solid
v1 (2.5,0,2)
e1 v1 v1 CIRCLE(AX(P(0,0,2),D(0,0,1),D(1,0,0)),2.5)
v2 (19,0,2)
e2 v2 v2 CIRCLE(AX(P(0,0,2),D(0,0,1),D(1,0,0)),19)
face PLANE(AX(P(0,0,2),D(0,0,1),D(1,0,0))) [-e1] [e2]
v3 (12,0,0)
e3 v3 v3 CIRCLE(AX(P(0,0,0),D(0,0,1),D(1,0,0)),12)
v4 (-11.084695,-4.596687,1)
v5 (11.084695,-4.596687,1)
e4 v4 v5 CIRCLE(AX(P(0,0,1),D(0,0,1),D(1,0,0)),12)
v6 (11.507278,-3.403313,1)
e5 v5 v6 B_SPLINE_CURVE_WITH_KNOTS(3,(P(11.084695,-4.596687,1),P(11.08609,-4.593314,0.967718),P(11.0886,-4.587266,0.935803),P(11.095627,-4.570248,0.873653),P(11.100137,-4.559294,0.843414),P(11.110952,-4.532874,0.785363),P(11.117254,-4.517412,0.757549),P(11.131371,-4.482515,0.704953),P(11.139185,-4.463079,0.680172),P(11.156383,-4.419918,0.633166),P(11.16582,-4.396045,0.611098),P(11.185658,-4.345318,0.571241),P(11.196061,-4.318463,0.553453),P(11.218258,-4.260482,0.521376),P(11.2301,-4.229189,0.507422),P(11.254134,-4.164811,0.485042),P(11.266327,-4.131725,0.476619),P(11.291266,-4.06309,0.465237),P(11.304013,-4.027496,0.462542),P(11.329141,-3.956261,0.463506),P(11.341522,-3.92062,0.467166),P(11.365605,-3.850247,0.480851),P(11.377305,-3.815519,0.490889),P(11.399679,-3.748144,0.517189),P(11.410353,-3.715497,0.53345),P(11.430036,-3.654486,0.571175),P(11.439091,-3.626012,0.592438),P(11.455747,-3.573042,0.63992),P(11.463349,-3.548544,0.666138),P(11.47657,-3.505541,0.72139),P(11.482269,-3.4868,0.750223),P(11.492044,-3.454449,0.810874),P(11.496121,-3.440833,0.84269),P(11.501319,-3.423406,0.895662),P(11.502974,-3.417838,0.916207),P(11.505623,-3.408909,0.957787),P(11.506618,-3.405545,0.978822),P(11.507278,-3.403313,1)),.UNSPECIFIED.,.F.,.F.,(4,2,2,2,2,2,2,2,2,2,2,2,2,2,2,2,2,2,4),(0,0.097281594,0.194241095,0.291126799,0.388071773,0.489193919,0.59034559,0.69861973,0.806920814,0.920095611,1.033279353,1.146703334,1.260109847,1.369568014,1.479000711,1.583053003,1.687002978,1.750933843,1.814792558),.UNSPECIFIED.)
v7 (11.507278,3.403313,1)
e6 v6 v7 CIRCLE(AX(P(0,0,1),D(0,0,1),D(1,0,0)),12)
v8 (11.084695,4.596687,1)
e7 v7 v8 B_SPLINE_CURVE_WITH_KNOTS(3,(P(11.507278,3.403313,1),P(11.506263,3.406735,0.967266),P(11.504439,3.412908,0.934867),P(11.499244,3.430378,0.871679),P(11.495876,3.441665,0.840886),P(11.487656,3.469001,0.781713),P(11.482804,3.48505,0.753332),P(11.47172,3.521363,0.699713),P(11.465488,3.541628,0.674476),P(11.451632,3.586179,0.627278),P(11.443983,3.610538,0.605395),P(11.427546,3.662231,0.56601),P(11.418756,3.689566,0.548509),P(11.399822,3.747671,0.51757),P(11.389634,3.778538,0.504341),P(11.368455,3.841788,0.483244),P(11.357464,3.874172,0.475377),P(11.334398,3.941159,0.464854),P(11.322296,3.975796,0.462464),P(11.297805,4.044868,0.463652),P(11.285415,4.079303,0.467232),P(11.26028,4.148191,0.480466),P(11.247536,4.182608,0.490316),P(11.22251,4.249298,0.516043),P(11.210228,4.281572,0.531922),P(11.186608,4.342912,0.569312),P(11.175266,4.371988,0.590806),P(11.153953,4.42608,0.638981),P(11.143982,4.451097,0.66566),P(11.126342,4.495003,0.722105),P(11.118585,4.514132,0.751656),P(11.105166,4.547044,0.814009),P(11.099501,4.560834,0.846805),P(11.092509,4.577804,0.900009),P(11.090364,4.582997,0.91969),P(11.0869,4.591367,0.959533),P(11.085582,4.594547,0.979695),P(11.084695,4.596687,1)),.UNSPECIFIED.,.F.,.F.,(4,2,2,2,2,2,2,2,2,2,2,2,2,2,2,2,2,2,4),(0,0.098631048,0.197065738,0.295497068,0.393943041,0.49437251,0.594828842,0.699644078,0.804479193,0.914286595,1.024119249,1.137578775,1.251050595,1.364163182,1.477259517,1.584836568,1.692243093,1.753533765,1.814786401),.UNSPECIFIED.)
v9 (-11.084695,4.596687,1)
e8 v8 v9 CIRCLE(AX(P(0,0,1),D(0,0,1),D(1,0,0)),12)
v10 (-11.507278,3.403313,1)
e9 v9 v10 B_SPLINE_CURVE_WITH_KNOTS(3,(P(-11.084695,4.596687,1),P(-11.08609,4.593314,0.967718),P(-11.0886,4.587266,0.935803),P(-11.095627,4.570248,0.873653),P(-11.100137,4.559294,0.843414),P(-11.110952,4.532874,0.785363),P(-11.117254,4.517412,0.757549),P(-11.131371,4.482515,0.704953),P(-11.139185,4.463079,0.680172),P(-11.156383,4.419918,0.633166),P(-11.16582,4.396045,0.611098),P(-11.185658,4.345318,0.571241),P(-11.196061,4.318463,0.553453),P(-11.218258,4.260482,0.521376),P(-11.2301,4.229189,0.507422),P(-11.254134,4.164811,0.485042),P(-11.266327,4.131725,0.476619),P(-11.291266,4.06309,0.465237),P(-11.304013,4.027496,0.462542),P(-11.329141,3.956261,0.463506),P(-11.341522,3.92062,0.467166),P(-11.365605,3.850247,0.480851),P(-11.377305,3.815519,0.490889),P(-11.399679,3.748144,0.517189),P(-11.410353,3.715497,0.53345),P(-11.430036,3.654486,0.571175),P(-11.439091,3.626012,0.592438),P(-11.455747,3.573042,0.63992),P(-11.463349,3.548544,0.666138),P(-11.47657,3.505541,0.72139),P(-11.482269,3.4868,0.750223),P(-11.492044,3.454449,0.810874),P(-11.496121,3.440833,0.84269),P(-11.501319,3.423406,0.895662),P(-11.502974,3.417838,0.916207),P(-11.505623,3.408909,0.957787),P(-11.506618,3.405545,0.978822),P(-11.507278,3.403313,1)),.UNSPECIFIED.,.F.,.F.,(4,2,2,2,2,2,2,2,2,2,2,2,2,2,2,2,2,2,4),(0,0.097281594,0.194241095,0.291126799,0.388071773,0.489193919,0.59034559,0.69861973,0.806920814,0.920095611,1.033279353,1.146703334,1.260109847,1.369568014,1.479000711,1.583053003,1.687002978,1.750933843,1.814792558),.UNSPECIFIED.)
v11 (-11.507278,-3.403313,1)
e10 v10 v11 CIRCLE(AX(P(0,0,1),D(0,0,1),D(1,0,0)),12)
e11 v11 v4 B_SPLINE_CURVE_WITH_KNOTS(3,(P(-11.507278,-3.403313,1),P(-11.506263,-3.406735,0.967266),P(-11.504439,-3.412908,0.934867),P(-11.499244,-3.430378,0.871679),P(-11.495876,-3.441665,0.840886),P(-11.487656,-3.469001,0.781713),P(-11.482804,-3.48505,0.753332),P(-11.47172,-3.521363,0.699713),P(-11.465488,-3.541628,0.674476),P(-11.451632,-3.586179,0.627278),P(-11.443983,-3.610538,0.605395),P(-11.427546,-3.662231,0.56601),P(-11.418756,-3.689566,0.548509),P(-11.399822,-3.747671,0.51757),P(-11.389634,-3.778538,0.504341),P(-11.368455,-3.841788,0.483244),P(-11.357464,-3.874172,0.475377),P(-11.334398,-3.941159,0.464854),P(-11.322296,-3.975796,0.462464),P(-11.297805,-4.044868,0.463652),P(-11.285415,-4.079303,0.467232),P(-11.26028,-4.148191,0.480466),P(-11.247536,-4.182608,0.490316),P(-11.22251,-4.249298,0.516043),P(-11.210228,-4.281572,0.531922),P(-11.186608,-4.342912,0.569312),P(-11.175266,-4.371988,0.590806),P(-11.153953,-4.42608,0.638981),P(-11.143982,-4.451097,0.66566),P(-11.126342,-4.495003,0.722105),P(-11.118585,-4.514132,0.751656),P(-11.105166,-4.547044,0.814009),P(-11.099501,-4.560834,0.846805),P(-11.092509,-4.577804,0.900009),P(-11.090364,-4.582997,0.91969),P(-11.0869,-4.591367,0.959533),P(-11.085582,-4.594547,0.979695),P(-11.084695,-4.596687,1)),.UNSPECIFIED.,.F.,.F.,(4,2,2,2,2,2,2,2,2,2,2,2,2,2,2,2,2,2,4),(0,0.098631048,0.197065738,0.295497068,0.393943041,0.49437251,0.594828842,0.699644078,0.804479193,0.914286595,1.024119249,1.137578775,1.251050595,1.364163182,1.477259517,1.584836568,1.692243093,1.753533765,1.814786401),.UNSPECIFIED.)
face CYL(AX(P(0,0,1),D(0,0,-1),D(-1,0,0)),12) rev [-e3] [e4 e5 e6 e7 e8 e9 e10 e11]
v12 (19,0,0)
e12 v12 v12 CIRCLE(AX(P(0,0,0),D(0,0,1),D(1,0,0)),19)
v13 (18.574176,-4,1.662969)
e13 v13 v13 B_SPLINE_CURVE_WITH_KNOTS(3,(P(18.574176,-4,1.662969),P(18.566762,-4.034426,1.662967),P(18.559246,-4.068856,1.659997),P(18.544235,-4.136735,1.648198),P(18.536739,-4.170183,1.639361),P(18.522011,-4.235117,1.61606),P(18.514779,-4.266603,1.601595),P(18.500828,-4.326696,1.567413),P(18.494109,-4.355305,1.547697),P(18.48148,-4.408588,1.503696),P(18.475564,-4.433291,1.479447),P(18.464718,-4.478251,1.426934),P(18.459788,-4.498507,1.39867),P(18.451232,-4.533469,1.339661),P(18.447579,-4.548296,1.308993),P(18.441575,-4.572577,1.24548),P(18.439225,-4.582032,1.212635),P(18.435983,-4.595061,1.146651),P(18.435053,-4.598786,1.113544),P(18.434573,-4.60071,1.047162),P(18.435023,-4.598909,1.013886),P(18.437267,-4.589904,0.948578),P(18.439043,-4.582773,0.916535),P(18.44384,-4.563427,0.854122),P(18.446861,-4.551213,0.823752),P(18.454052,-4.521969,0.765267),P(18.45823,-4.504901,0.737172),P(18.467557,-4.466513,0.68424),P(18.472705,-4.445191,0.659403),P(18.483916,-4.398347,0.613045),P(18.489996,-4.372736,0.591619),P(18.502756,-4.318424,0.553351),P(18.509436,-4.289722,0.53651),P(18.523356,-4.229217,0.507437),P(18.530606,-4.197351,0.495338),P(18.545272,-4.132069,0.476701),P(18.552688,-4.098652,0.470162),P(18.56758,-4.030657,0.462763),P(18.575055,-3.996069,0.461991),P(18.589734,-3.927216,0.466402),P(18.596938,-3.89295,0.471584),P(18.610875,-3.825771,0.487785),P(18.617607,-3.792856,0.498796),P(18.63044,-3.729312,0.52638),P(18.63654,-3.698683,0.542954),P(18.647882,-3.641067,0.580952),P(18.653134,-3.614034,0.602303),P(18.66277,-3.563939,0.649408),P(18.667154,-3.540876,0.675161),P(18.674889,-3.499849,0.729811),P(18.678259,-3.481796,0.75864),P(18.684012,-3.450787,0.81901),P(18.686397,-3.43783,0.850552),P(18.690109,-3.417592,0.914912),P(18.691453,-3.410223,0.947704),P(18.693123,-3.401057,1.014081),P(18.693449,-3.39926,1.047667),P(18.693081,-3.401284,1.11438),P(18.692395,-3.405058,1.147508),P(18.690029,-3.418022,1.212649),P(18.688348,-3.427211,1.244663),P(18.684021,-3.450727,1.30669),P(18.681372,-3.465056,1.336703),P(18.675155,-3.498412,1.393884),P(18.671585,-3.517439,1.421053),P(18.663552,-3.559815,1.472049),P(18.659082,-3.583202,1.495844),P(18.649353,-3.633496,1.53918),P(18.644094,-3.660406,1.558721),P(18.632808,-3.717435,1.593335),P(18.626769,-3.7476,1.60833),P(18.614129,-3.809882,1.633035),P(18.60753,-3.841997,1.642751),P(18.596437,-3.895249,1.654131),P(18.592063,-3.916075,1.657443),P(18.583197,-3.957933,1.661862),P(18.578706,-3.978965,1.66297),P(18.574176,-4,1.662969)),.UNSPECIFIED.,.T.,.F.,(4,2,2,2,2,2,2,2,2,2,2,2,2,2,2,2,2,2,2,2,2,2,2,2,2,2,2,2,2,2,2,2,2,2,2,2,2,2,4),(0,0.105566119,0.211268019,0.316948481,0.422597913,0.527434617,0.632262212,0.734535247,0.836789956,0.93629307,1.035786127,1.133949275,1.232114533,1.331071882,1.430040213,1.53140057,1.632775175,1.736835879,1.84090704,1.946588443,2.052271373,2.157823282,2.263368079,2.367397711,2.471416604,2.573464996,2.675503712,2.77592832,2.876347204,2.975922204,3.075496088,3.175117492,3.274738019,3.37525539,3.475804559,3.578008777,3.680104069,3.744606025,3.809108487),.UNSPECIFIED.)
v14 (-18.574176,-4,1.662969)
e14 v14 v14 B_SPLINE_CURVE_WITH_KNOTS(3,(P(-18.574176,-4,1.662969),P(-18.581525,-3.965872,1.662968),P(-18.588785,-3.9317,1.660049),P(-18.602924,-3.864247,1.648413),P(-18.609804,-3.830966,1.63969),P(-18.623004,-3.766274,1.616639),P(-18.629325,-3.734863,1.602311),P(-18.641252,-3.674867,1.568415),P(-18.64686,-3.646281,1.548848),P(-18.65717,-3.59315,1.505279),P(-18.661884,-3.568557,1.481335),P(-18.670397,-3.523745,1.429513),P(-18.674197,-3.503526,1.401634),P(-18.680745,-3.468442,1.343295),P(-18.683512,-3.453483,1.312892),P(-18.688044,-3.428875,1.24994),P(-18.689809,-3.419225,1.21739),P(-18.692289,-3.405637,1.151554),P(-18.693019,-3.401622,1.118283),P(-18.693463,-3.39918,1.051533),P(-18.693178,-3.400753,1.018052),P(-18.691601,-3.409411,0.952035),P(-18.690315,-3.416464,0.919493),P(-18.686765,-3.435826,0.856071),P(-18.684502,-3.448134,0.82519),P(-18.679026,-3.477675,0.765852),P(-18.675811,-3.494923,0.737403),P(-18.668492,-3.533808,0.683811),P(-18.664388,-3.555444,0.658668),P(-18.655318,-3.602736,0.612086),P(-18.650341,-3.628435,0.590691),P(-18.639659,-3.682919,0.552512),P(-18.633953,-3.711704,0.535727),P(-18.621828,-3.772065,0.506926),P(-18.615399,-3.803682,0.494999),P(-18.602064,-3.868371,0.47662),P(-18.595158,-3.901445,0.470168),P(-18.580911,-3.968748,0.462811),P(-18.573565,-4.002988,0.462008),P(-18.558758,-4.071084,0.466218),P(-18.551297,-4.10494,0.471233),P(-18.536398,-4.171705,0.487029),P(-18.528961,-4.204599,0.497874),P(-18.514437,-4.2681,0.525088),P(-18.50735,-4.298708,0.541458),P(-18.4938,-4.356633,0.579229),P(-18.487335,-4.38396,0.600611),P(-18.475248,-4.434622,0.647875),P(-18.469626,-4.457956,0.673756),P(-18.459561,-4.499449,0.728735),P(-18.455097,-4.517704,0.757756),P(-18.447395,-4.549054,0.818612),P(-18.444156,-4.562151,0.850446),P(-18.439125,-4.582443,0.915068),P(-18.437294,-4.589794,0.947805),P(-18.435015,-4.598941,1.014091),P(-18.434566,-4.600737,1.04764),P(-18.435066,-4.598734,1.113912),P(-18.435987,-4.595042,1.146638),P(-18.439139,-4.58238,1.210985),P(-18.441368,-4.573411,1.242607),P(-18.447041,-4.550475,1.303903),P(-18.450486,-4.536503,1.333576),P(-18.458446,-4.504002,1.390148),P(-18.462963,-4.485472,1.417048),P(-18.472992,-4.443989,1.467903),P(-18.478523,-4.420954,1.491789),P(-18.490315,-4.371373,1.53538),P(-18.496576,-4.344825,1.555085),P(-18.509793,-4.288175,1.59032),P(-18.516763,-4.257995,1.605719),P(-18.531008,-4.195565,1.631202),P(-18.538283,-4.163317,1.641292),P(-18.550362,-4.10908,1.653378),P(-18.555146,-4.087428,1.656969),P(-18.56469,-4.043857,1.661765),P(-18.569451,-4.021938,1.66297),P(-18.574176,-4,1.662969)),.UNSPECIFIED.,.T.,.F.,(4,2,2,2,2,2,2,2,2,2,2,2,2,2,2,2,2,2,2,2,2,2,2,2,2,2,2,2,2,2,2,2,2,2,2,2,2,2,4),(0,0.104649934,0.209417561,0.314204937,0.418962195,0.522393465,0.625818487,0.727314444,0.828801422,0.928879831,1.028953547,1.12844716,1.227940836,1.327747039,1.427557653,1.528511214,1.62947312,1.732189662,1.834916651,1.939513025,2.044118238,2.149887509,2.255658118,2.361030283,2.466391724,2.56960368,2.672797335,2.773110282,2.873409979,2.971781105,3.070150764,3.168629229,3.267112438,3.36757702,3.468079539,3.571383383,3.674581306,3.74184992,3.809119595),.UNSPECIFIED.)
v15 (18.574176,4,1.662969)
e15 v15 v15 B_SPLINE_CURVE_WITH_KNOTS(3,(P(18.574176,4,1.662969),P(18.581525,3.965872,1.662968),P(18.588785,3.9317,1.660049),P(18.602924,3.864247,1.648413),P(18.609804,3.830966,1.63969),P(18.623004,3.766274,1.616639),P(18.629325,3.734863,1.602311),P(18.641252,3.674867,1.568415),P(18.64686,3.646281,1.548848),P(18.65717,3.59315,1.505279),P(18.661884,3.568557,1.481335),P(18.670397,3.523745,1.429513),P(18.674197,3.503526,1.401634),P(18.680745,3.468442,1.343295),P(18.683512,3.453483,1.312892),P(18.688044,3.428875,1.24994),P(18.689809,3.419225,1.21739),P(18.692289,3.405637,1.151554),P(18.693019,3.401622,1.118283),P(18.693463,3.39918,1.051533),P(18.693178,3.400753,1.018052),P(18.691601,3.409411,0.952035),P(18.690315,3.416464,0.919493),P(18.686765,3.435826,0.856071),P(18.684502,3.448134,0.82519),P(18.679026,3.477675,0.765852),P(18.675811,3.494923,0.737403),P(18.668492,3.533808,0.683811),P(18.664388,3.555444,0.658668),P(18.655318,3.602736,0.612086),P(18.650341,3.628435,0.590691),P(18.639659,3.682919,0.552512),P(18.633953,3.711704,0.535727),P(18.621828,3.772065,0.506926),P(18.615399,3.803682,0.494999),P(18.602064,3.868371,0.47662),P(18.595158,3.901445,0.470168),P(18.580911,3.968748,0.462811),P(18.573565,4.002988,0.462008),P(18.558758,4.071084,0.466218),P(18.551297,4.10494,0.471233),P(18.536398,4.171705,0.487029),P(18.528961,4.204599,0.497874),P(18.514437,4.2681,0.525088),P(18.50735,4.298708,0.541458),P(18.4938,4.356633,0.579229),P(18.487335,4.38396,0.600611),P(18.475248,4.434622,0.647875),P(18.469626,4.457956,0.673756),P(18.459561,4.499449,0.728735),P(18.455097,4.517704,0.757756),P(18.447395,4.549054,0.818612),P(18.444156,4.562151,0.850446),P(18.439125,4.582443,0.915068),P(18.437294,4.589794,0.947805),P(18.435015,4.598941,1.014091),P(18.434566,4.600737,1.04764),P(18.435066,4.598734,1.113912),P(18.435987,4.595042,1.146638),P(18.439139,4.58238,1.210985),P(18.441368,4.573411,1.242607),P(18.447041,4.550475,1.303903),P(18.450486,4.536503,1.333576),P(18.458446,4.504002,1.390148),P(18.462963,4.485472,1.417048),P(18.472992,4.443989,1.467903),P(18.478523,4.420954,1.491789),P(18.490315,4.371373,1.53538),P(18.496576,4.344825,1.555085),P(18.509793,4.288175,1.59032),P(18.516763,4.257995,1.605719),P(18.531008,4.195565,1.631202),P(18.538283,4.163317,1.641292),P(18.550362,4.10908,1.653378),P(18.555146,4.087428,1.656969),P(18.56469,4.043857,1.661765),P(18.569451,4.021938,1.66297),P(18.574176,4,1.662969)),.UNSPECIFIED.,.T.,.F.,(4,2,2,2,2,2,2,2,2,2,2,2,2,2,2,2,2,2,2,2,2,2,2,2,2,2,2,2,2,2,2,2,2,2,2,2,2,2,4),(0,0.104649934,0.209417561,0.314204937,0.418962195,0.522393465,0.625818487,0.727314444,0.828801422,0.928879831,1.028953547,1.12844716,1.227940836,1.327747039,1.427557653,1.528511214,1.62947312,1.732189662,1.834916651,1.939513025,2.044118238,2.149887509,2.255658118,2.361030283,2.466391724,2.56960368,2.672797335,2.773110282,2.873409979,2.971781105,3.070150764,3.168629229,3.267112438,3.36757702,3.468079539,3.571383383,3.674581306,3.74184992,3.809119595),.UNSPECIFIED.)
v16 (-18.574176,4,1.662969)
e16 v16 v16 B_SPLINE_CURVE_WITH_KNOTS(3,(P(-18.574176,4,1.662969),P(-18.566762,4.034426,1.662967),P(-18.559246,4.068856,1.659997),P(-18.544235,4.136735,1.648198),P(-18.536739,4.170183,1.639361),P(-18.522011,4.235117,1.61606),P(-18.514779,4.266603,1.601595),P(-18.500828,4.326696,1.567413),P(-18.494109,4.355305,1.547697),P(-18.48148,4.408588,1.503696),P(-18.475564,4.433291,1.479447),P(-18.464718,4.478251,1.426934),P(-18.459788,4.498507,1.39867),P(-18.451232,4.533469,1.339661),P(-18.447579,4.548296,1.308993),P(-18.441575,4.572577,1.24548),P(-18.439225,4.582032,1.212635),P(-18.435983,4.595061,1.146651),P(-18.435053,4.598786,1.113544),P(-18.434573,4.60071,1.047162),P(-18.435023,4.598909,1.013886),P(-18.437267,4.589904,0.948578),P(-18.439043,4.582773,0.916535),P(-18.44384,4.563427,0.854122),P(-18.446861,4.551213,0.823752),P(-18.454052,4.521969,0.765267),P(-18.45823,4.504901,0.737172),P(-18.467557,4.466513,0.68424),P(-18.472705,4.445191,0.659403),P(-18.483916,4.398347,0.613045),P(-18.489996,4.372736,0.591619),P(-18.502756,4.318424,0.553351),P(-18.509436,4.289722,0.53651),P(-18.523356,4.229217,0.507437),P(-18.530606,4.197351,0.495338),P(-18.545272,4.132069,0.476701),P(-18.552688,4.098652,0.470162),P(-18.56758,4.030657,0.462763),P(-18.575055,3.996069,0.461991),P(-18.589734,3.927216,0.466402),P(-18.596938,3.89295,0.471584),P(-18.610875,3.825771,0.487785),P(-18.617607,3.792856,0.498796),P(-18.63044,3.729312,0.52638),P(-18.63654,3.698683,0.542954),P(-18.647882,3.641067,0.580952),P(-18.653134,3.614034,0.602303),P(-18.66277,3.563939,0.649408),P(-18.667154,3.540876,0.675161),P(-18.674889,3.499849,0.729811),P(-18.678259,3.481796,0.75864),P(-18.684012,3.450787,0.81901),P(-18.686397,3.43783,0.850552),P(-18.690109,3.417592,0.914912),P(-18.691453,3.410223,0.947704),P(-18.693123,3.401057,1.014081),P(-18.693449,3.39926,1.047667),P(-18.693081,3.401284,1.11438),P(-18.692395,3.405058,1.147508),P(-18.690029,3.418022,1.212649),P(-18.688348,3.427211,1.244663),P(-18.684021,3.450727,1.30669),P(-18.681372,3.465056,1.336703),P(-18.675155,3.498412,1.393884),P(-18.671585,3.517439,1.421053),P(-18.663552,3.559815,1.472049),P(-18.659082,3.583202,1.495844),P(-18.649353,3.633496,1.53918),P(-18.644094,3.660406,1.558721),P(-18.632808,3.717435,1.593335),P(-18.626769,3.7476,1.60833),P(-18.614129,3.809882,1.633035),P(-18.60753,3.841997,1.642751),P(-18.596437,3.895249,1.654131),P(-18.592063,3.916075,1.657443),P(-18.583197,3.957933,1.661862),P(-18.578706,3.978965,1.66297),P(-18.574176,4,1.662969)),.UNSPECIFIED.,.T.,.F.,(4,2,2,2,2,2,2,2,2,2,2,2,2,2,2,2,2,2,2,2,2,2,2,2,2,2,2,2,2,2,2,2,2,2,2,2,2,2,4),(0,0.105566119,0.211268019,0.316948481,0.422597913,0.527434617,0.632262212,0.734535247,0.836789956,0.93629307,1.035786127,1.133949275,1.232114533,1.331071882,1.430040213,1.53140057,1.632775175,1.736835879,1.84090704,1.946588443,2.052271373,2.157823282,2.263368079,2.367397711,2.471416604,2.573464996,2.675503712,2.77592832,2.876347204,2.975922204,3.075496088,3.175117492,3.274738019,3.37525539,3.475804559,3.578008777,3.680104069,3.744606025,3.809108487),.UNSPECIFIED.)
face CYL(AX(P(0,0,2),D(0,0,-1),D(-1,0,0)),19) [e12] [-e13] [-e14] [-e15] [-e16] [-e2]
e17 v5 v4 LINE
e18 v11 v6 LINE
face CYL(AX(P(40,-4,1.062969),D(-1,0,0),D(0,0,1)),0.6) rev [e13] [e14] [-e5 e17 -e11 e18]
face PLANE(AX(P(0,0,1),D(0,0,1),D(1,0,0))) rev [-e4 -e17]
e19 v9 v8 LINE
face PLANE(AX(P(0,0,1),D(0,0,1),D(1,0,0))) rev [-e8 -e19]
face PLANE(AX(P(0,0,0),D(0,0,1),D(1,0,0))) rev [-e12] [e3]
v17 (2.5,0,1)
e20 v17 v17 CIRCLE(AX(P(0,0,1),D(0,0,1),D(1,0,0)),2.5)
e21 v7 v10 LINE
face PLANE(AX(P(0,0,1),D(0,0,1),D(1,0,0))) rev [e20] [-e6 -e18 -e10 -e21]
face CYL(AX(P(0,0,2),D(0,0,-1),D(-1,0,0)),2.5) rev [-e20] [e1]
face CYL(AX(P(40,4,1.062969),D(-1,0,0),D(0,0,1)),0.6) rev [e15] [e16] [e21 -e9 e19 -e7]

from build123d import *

# Parameters (mm, degrees)
SKETCH1_R                = 19
SKETCH1_R_2              = 7.5
SKETCH1_R_3              = 2.5
BOSS_EXTRUDE5_DEPTH      = 2
SKETCH10_R               = 12
CUT_EXTRUDE33_DEPTH      = 1
CUT_EXTRUDE34_DEPTH      = 40
CUT_EXTRUDE34_DEPTH_BACK = 34
SKETCH14_R               = 0.6


with BuildPart() as part:
    # Sketch1 → Boss-Extrude5 (new body)
    # profile 1 of 2: a face of its own
    with BuildSketch(Plane.XY):
        Circle(SKETCH1_R)
        Circle(SKETCH1_R_2, mode=Mode.SUBTRACT)
    # profile 2 of 2: a face of its own
    with BuildSketch(Plane.XY):
        Circle(SKETCH1_R_2)
        Circle(SKETCH1_R_3, mode=Mode.SUBTRACT)
    extrude(amount=BOSS_EXTRUDE5_DEPTH)

    # Sketch10 → Cut-Extrude33 (cut)
    with BuildSketch(Plane.XY):
        Circle(SKETCH10_R)
    extrude(amount=CUT_EXTRUDE33_DEPTH, mode=Mode.SUBTRACT)

    # Sketch14 → Cut-Extrude34 (cut, two sides: drawn at the far end of the back side and taken through both)
    with BuildSketch(Plane(origin=(0, 0, 0), x_dir=(0, 0, -1), z_dir=(1, 0, 0)).offset(-CUT_EXTRUDE34_DEPTH_BACK)):
        with Locations(Location((-1.062968904, 4, 0), (0, 0, 180))):
            Circle(SKETCH14_R)
        with Locations(Location((-1.062968904, -4, 0), (0, 0, 180))):
            Circle(SKETCH14_R)
    extrude(amount=CUT_EXTRUDE34_DEPTH + CUT_EXTRUDE34_DEPTH_BACK, mode=Mode.SUBTRACT)


solid = part.part
